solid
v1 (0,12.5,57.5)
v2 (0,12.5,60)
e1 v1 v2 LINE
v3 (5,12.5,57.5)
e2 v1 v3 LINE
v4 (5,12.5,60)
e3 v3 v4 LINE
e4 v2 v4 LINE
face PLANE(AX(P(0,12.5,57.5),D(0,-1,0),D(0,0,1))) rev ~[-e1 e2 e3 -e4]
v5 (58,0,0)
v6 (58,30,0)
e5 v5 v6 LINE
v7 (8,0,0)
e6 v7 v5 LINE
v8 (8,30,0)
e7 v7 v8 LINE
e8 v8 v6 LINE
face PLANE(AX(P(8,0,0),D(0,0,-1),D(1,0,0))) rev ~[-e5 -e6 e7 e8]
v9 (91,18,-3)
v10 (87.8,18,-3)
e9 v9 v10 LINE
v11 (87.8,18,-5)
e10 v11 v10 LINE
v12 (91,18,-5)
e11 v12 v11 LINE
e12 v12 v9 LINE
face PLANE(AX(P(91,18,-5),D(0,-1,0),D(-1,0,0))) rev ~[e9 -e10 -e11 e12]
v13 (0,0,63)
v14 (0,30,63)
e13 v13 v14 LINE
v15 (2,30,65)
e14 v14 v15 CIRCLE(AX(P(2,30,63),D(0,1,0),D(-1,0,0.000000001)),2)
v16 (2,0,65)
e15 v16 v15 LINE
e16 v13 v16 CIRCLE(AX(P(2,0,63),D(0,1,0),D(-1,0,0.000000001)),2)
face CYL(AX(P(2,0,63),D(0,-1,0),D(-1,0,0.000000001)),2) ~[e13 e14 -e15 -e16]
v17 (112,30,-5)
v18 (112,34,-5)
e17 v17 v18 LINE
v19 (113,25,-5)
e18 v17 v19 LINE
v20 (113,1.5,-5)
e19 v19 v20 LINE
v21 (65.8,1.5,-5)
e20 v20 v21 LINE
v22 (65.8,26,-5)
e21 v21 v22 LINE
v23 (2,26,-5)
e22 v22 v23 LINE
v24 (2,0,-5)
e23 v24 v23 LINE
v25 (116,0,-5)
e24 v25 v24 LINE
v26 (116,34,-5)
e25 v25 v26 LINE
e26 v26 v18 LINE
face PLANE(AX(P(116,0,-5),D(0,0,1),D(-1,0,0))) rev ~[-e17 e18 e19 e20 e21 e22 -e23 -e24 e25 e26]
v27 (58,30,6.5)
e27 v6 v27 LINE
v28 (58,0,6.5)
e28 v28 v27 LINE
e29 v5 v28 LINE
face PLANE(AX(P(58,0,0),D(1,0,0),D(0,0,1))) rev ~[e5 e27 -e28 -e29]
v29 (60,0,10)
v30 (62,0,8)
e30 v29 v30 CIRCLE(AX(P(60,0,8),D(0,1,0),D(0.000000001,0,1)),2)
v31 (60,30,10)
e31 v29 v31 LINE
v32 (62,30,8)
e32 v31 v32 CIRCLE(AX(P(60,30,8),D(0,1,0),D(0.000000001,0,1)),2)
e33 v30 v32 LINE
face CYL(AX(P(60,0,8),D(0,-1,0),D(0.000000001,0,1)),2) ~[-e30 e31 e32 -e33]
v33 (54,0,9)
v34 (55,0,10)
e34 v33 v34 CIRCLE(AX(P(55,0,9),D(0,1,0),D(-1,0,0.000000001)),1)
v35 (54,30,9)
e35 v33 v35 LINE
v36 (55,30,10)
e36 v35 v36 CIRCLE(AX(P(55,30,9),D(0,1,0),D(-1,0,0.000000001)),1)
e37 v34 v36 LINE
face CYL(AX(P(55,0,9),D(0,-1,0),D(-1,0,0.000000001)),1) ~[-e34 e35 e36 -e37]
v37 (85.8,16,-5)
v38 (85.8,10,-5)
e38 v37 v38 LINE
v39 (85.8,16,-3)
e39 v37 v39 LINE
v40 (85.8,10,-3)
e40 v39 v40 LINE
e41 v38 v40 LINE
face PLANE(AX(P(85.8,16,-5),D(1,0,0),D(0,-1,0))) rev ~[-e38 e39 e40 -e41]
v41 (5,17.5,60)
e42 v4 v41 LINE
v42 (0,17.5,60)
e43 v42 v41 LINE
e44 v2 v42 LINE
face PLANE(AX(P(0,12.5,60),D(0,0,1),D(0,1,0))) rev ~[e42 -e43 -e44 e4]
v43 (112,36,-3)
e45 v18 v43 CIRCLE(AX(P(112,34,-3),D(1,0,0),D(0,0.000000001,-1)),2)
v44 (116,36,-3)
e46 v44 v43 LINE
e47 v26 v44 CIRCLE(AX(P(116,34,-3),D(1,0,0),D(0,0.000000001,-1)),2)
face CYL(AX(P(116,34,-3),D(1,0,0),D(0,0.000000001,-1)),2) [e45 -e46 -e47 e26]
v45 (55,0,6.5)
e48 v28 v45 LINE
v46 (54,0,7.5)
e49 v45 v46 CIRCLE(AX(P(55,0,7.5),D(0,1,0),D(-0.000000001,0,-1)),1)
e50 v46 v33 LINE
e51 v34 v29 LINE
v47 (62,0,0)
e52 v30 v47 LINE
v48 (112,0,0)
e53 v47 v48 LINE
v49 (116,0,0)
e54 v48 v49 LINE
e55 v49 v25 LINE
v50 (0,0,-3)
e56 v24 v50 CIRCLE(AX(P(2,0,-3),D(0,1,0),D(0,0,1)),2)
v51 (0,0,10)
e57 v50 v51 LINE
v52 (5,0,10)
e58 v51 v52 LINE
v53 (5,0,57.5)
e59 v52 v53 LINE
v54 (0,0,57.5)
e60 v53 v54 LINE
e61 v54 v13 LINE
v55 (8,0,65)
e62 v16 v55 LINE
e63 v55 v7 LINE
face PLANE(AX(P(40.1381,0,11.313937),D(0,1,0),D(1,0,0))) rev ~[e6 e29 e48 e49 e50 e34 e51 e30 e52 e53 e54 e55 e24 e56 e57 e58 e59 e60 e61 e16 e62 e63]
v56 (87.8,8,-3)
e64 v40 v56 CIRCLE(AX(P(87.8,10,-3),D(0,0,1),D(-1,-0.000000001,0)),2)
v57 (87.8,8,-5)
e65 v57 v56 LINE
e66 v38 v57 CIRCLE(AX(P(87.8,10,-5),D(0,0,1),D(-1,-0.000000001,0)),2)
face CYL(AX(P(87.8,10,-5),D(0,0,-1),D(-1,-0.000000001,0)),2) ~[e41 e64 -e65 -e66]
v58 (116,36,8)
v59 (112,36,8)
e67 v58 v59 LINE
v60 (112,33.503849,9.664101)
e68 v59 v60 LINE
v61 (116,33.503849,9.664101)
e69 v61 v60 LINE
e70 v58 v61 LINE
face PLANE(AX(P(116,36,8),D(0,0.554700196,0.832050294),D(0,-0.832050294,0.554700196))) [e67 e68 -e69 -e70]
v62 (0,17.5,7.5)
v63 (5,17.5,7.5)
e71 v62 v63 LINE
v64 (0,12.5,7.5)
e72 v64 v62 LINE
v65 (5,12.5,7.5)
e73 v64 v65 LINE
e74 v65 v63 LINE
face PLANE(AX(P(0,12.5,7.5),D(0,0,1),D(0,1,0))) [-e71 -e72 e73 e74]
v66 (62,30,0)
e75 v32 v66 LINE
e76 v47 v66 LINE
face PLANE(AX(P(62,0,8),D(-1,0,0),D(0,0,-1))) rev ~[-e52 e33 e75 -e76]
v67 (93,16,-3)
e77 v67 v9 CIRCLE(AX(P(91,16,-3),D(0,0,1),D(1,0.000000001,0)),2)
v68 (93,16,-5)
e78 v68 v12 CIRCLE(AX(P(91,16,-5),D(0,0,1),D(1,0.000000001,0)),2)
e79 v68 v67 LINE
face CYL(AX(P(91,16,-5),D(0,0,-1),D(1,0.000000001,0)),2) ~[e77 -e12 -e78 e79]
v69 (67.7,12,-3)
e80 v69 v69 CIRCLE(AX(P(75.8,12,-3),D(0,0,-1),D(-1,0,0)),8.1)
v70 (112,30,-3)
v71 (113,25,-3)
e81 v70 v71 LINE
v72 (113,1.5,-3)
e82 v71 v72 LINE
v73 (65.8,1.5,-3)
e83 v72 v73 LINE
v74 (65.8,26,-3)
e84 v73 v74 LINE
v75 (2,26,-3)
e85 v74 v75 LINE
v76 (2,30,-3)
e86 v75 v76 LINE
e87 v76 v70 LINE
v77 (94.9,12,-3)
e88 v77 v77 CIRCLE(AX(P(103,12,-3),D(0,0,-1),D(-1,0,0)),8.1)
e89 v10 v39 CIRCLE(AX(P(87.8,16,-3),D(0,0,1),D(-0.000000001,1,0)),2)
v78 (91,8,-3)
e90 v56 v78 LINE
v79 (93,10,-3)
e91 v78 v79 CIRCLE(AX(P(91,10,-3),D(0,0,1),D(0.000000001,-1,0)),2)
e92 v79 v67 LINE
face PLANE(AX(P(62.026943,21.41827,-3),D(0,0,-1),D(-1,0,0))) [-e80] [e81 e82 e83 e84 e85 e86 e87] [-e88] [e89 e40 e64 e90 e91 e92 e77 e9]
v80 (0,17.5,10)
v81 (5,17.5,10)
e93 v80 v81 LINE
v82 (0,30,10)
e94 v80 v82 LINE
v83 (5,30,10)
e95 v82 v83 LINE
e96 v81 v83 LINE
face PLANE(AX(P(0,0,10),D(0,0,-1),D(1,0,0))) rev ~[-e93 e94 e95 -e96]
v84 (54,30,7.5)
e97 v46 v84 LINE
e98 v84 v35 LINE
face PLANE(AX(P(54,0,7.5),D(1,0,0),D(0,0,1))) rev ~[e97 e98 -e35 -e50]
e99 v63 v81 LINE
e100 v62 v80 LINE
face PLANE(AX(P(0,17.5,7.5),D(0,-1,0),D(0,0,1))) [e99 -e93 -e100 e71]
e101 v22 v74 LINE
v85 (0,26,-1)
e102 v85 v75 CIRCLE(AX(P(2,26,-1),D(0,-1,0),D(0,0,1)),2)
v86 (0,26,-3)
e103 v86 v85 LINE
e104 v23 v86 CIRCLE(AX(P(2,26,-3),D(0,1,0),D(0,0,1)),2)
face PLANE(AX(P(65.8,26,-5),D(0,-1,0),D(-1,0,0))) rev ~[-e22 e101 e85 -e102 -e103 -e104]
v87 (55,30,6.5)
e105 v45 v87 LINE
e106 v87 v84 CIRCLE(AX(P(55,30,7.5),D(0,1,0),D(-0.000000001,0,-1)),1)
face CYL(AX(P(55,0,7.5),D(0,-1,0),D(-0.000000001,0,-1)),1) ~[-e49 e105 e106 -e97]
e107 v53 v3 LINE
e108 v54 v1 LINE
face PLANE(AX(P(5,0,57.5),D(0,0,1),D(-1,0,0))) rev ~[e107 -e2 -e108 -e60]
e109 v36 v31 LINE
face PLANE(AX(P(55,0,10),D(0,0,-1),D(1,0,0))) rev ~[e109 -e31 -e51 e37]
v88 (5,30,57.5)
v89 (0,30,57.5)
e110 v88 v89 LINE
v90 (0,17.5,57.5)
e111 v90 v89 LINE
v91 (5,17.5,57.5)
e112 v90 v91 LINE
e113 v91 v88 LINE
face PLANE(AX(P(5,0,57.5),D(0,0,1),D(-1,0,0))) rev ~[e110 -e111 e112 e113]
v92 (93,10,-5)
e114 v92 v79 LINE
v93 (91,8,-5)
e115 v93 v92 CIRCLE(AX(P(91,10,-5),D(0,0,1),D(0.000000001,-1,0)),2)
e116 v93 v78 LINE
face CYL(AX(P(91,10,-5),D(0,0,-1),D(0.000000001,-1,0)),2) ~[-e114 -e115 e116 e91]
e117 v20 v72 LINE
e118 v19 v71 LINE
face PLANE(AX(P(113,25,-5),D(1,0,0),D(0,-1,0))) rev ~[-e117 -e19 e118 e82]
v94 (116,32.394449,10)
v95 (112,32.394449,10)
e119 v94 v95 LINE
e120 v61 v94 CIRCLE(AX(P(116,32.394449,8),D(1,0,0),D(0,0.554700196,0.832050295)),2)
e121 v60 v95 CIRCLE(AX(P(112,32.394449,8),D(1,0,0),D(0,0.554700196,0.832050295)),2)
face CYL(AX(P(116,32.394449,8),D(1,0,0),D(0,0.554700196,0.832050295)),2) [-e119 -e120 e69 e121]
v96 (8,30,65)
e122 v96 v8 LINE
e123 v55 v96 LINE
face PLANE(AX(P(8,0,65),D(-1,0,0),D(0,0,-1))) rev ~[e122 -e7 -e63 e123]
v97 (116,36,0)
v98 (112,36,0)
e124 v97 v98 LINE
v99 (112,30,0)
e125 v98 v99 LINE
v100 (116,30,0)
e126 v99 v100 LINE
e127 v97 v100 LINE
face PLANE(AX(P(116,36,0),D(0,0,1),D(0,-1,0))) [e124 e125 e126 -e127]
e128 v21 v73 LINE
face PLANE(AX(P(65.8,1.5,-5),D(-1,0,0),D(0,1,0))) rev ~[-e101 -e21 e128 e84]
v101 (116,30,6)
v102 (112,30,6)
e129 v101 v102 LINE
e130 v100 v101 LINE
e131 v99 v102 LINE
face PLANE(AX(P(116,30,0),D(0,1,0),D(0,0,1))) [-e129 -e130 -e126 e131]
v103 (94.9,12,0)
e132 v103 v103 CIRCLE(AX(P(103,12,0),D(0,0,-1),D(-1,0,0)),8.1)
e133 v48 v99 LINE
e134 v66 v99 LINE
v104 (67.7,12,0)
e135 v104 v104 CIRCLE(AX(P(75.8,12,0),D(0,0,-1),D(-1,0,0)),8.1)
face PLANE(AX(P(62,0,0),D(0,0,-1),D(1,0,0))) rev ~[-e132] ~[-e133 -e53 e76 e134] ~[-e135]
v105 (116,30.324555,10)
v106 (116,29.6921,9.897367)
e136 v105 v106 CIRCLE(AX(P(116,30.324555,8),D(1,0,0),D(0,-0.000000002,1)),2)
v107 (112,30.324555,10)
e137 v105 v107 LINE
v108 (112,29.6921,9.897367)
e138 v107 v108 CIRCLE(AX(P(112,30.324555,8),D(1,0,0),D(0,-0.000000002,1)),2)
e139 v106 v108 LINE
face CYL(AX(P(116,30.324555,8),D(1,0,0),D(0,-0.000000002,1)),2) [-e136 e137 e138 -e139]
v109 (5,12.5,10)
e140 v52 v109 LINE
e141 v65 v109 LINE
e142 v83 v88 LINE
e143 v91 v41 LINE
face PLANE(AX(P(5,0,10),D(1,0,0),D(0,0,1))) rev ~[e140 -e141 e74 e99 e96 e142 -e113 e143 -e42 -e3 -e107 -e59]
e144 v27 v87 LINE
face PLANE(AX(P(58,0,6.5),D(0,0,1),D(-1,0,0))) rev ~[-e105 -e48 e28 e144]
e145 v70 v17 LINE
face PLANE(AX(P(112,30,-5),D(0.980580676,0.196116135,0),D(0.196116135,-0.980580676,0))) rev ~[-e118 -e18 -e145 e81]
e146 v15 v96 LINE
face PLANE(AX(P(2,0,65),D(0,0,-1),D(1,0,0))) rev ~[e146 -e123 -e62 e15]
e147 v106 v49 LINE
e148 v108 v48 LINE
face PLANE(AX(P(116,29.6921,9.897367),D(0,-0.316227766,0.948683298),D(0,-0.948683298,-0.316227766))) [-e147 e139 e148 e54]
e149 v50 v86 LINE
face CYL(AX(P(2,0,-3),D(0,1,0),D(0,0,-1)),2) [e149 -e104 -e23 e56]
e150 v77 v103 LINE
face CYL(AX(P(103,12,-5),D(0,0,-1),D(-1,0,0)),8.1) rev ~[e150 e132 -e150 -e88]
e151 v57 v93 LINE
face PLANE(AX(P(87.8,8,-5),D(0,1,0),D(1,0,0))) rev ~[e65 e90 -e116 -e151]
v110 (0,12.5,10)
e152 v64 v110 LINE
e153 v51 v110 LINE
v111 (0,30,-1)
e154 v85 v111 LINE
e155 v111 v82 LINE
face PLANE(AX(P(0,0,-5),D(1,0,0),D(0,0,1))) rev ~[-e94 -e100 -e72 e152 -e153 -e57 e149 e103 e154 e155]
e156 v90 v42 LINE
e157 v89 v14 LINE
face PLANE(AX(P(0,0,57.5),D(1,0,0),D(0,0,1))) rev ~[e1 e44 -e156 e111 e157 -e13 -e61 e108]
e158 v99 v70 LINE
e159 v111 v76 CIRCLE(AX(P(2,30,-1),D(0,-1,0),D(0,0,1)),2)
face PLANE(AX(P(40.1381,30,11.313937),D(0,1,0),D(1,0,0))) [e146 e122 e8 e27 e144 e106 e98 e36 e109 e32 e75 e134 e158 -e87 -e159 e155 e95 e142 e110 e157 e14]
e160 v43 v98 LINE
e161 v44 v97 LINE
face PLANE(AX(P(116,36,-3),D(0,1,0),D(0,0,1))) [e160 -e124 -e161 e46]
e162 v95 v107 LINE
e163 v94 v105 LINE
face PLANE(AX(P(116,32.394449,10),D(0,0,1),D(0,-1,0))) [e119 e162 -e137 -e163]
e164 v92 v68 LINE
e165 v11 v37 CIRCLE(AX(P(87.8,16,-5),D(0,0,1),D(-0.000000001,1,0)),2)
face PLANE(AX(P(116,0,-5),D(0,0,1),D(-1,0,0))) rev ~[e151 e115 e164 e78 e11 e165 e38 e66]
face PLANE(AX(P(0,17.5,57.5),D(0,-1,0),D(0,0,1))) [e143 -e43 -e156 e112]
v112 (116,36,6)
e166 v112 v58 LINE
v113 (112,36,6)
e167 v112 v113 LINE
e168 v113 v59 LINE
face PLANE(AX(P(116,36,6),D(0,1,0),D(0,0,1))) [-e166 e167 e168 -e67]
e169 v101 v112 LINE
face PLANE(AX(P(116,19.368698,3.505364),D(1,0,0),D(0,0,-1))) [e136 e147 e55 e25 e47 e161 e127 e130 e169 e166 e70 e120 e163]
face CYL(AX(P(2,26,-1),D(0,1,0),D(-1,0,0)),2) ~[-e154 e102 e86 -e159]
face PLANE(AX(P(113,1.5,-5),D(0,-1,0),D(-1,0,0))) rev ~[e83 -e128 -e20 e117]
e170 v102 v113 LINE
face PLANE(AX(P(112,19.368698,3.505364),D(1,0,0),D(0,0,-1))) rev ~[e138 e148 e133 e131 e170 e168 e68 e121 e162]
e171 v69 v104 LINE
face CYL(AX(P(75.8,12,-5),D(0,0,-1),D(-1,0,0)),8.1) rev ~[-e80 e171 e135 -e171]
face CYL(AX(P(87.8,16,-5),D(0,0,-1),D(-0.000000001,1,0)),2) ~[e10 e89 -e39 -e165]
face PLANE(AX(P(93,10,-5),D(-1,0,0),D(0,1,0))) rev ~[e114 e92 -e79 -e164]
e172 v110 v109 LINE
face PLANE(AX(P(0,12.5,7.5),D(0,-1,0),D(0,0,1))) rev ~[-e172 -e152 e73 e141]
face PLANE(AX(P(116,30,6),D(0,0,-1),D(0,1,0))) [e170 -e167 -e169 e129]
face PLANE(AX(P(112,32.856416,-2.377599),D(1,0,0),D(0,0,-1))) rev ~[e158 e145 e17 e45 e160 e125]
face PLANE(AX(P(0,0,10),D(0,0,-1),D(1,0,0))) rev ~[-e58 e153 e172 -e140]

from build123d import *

# Parameters (mm, degrees)
BOSS_EXTRUDE1_DEPTH = 30
SKETCH2_W           = 2.5
SKETCH2_H           = 5
CUT_EXTRUDE1_DEPTH  = 5
SKETCH3_R           = 8.1
CUT_EXTRUDE2_DEPTH  = 71
BOSS_EXTRUDE5_DEPTH = 4
CUT_EXTRUDE3_DEPTH  = 2
FILLET1_R           = 2


with BuildPart() as part:
    # Sketch1 → Boss-Extrude1 (new body)
    with BuildSketch(Plane(origin=(0, 0, 0), x_dir=(1, 0, 0), z_dir=(0, 1, 0))):
        with BuildLine():
            Line((8, -65), (8, 0))
            Line((8, 0), (58, 0))
            Line((58, 0), (58, -6.5))
            Line((58, -6.5), (55, -6.5))
            ThreePointArc((55, -6.5), (54.292893219, -6.792893219), (54, -7.5))
            Line((54, -7.5), (54, -9))
            ThreePointArc((54, -9), (54.292893219, -9.707106781), (55, -10))
            Line((55, -10), (60, -10))
            ThreePointArc((60, -10), (61.414213562, -9.414213562), (62, -8))
            Line((62, -8), (62, 0))
            Line((62, 0), (116, 0))
            Line((116, 0), (116, 5))
            Line((116, 5), (0, 5))
            Line((0, 5), (0, -10))
            Line((0, -10), (5, -10))
            Line((5, -10), (5, -57.5))
            Line((5, -57.5), (0, -57.5))
            Line((0, -57.5), (0, -63))
            ThreePointArc((0, -63), (0.585786438, -64.414213562), (2, -65))
            Line((2, -65), (8, -65))
        make_face()
    extrude(amount=BOSS_EXTRUDE1_DEPTH)

    # Sketch2 → Cut-Extrude1 (cut)
    with BuildSketch(Plane.ZY):
        with Locations((8.75, 15)):
            Rectangle(SKETCH2_W, SKETCH2_H)
        with Locations((58.75, 15)):
            Rectangle(SKETCH2_W, SKETCH2_H)
    extrude(amount=-CUT_EXTRUDE1_DEPTH, mode=Mode.SUBTRACT)

    # Sketch3 → Cut-Extrude2 (cut, through all)
    with BuildSketch(Plane(origin=(0, 0, -5), x_dir=(-1, 0, 0), z_dir=(0, 0, -1))):
        with Locations((-103, 12)):
            Circle(SKETCH3_R)
        with Locations((-75.8, 12)):
            Circle(SKETCH3_R)
    extrude(amount=-CUT_EXTRUDE2_DEPTH, mode=Mode.SUBTRACT)

    # Sketch8 → Boss-Extrude5 (add)
    with BuildSketch(Plane(origin=(116, 0, 0), x_dir=(0, 0, -1), z_dir=(1, 0, 0))):
        with BuildLine():
            Line((-8, 36), (-9.664100589, 33.503849117))
            ThreePointArc((-9.664100589, 33.503849117), (-9.914184053, 32.974017022), (-10, 32.394448725))
            Line((-10, 32.394448725), (-10, 30.32455532))
            ThreePointArc((-10, 30.32455532), (-9.974174915, 30.004190834), (-9.897366596, 29.692099788))
            Line((-9.897366596, 29.692099788), (0, 0))
            Line((0, 0), (0, 30))
            Line((0, 30), (-6, 30))
            Line((-6, 30), (-6, 36))
            Line((-6, 36), (-8, 36))
        make_face()
        with BuildLine():
            Line((5, 30), (5, 34))
            ThreePointArc((5, 34), (4.414213562, 35.414213562), (3, 36))
            Line((3, 36), (0, 36))
            Line((0, 36), (0, 30))
            Line((0, 30), (5, 30))
        make_face()
    extrude(amount=-BOSS_EXTRUDE5_DEPTH)

    # Sketch10 → Cut-Extrude3 (cut)
    with BuildSketch(Plane(origin=(0, 0, -5), x_dir=(-1, 0, 0), z_dir=(0, 0, -1))):
        Polygon((-112, 30), (-113, 25), (-113, 1.5), (-65.8, 1.5), (-65.8, 26), (0, 26), (0, 30), align=None)
        with BuildLine():
            ThreePointArc((-93, 16), (-92.414213562, 17.414213562), (-91, 18))
            Line((-91, 18), (-87.8, 18))
            ThreePointArc((-87.8, 18), (-86.385786438, 17.414213562), (-85.8, 16))
            Line((-85.8, 16), (-85.8, 10))
            ThreePointArc((-85.8, 10), (-86.385786438, 8.585786438), (-87.8, 8))
            Line((-87.8, 8), (-91, 8))
            ThreePointArc((-91, 8), (-92.414213562, 8.585786438), (-93, 10))
            Line((-93, 10), (-93, 16))
        make_face(mode=Mode.SUBTRACT)
    extrude(amount=-CUT_EXTRUDE3_DEPTH, mode=Mode.SUBTRACT)

    # Fillet1
    fillet1_edges = [part.edges().sort_by_distance(p)[0] for p in [
        (0, 13, -5),
        (0, 28, -3),
    ]]
    fillet(fillet1_edges, radius=FILLET1_R)


solid = part.part
